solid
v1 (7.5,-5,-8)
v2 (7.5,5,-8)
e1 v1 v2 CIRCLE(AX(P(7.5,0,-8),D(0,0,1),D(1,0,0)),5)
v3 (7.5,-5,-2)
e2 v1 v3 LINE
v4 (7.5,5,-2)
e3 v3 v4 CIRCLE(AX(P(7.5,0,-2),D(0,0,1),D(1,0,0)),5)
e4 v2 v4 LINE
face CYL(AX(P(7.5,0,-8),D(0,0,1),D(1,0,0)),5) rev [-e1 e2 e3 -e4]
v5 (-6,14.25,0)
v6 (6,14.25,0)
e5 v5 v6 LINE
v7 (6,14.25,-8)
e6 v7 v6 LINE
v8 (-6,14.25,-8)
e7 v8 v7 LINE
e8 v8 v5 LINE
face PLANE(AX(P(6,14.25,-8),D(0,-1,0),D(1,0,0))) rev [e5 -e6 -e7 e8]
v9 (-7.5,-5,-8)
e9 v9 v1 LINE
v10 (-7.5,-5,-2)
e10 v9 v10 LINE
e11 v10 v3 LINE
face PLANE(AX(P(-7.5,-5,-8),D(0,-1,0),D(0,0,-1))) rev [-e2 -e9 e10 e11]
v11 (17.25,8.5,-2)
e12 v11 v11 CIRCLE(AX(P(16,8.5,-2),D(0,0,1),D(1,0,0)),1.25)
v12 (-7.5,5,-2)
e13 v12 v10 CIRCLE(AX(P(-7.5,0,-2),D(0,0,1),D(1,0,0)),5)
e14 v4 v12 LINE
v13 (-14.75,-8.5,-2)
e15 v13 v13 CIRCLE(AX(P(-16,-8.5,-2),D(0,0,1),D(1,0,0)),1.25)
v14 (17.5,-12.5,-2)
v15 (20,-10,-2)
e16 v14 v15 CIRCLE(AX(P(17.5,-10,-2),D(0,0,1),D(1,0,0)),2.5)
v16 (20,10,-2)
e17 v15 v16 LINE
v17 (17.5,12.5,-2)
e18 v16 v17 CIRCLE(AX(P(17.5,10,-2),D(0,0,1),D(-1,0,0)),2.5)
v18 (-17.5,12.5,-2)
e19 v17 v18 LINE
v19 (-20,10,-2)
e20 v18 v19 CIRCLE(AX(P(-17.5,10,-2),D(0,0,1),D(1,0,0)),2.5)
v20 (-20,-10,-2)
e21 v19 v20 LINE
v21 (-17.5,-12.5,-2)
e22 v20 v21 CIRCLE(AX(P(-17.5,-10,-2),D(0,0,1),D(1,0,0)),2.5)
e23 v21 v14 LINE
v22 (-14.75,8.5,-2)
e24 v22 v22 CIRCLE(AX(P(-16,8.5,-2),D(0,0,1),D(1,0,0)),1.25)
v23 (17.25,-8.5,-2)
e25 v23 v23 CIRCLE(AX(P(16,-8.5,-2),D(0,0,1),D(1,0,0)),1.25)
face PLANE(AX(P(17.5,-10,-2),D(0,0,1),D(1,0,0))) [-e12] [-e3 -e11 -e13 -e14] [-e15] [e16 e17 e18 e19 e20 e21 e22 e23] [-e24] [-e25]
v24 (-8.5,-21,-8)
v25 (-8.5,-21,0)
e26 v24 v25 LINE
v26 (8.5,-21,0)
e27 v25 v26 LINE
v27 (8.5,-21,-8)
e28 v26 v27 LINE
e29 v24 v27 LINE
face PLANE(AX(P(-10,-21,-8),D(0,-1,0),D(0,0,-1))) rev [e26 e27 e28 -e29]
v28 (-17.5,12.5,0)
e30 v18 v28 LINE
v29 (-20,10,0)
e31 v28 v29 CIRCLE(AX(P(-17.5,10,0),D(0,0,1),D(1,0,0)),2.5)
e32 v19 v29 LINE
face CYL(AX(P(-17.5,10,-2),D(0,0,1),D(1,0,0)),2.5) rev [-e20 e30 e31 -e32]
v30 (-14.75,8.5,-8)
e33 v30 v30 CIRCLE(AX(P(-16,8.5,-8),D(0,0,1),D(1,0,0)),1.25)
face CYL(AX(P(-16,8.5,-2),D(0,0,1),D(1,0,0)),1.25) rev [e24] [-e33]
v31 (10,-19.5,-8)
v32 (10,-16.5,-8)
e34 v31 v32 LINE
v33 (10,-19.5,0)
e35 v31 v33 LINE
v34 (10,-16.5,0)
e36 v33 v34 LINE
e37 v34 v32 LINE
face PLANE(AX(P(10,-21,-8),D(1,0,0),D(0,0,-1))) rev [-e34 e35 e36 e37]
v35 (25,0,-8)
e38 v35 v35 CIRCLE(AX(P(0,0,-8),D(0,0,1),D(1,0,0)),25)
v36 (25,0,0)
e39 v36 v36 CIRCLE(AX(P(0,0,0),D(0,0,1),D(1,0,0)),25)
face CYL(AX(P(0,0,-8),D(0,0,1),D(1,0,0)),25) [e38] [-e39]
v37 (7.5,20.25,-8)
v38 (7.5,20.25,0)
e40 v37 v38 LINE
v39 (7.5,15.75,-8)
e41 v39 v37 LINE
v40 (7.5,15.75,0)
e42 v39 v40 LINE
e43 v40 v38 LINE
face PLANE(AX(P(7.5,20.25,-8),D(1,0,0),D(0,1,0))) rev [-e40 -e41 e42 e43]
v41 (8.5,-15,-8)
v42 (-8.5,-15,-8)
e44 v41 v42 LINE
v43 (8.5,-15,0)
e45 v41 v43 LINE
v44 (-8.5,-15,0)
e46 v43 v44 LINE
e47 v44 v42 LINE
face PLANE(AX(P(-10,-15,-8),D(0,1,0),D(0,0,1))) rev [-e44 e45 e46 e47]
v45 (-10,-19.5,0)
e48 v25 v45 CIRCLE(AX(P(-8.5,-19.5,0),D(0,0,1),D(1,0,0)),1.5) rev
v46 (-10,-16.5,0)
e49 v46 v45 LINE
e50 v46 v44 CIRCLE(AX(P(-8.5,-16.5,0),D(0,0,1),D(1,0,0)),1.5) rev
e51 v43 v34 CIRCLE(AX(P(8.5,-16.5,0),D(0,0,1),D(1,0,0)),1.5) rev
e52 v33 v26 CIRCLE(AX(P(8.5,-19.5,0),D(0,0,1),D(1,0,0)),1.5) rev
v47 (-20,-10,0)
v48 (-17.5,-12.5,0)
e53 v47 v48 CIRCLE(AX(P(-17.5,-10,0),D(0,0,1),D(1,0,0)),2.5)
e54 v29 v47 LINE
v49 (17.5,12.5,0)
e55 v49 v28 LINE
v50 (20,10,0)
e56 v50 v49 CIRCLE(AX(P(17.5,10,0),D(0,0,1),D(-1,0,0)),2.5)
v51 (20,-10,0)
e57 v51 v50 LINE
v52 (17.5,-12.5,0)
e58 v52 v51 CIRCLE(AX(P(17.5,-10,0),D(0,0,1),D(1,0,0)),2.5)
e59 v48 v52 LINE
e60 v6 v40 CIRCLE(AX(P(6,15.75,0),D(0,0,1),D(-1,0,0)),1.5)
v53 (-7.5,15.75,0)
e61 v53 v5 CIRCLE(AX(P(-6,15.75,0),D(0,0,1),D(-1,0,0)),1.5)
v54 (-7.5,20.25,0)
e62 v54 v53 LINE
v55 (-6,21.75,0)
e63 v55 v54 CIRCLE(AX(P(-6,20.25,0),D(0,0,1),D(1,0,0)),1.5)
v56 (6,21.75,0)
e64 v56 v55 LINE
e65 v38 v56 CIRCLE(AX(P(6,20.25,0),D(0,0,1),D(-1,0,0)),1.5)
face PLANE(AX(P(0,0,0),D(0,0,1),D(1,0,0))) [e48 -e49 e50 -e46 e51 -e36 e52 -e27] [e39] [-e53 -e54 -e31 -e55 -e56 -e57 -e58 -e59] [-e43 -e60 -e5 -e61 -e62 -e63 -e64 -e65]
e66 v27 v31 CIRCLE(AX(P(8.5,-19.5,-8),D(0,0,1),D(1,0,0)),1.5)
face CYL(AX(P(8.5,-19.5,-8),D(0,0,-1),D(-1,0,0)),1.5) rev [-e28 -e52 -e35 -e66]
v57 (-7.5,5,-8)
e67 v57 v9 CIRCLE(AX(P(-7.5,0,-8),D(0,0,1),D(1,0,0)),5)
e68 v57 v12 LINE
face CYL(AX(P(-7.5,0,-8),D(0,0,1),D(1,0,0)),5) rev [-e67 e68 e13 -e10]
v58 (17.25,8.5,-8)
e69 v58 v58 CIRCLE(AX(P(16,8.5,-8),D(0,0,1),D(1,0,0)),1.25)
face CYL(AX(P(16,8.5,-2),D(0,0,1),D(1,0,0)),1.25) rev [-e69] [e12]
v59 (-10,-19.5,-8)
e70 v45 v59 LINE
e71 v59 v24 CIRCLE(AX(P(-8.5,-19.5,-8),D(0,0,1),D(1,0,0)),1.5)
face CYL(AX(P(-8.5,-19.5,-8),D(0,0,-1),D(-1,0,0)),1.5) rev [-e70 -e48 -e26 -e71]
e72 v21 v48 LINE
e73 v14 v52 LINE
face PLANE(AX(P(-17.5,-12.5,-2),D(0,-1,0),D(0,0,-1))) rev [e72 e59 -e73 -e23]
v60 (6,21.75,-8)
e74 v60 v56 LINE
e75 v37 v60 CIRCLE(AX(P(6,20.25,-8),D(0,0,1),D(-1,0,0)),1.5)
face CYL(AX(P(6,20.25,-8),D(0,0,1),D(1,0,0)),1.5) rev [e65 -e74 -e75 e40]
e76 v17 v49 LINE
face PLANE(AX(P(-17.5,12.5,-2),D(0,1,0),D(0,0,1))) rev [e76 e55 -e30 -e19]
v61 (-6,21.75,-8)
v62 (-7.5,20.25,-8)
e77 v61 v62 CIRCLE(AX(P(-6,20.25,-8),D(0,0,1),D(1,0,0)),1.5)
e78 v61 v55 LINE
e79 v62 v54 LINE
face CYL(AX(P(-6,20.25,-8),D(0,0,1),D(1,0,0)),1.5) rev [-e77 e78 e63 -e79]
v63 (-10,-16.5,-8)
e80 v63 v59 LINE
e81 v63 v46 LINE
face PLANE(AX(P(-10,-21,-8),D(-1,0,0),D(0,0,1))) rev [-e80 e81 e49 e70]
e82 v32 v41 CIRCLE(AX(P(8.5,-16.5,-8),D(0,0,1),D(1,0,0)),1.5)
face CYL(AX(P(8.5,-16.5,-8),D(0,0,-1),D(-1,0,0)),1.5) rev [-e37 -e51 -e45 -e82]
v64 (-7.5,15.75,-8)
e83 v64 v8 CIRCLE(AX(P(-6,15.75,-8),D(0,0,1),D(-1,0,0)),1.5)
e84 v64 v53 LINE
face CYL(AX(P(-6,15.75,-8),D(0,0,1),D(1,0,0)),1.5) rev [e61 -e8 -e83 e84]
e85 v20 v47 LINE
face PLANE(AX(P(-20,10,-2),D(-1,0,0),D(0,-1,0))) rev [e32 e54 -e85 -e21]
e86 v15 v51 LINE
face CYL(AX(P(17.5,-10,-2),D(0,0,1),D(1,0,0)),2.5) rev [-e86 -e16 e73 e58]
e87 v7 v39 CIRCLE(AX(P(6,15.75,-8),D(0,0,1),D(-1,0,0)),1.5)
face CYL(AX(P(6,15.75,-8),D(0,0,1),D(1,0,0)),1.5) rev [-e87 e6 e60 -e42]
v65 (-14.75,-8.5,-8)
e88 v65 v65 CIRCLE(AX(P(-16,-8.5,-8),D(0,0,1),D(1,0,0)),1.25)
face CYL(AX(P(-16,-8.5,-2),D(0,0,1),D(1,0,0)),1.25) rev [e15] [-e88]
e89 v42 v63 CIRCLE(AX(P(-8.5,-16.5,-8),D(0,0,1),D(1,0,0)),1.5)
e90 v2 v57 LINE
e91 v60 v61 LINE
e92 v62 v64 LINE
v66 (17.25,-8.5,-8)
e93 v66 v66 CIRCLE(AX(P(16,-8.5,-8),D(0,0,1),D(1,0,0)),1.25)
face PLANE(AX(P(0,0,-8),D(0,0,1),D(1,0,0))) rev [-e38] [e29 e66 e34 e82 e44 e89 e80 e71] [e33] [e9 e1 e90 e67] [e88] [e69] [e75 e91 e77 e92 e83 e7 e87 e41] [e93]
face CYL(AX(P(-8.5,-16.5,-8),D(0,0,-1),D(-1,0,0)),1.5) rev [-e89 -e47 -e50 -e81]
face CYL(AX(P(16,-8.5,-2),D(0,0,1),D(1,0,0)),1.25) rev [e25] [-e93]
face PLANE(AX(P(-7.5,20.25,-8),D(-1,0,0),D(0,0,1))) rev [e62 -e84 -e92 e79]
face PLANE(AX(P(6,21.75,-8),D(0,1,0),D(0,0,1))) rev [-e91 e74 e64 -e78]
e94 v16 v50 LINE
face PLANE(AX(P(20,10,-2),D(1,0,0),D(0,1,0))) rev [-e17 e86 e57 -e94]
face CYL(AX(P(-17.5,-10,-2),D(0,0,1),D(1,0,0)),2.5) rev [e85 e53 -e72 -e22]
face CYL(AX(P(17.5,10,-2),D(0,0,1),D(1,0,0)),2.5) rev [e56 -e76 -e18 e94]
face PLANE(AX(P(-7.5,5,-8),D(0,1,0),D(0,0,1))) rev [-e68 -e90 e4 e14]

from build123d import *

# Parameters (mm, degrees)
SKETCH1_R             = 25
BOSS_EXTRUDE1_DEPTH   = 8
CUT_EXTRUDE1_DEPTH    = 2
CUT_EXTRUDE2_DEPTH    = 36.860842154
M3X0_5_TAPPED_HOLE1_D = 2.5
CUT_EXTRUDE3_DEPTH    = 37.249137921
SKETCH7_W             = 20
SKETCH7_H             = 6
CUT_EXTRUDE4_DEPTH    = 37.249137921
FILLET1_R             = 1.5


with BuildPart() as part:
    # Sketch1 → Boss-Extrude1 (new body)
    with BuildSketch(Plane.XY):
        Circle(SKETCH1_R)
    extrude(amount=-BOSS_EXTRUDE1_DEPTH)

    # Sketch2 → Cut-Extrude1 (cut)
    with BuildSketch(Plane.XY):
        with BuildLine():
            Line((-17.5, 12.5), (17.5, 12.5))
            ThreePointArc((17.5, 12.5), (19.267766953, 11.767766953), (20, 10))
            Line((20, 10), (20, -10))
            ThreePointArc((20, -10), (19.267766953, -11.767766953), (17.5, -12.5))
            Line((17.5, -12.5), (-17.5, -12.5))
            ThreePointArc((-17.5, -12.5), (-19.267766953, -11.767766953), (-20, -10))
            Line((-20, -10), (-20, 10))
            ThreePointArc((-20, 10), (-19.267766953, 11.767766953), (-17.5, 12.5))
        make_face()
    extrude(amount=-CUT_EXTRUDE1_DEPTH, mode=Mode.SUBTRACT)

    # Sketch3 → Cut-Extrude2 (cut, through all)
    with BuildSketch(Plane.XY.offset(-2)):
        with BuildLine():
            Line((-7.5, 5), (7.5, 5))
            ThreePointArc((7.5, 5), (12.5, 0), (7.5, -5))
            Line((7.5, -5), (-7.5, -5))
            ThreePointArc((-7.5, -5), (-12.5, 0), (-7.5, 5))
        make_face()
    extrude(amount=-CUT_EXTRUDE2_DEPTH, mode=Mode.SUBTRACT)

    # M3x0.5 Tapped Hole1 (through all)
    with Locations(Plane.XY.offset(-2)):
        with Locations((16, 8.5), (-16, 8.5), (-16, -8.5), (16, -8.5)):
            Hole(M3X0_5_TAPPED_HOLE1_D / 2)

    # Sketch6 → Cut-Extrude3 (cut, through all)
    with BuildSketch(Plane.XY):
        with BuildLine():
            Line((6, 21.75), (-6, 21.75))
            ThreePointArc((-6, 21.75), (-7.060660172, 21.310660172), (-7.5, 20.25))
            Line((-7.5, 20.25), (-7.5, 15.75))
            ThreePointArc((-7.5, 15.75), (-7.060660172, 14.689339828), (-6, 14.25))
            Line((-6, 14.25), (6, 14.25))
            ThreePointArc((6, 14.25), (7.060660172, 14.689339828), (7.5, 15.75))
            Line((7.5, 15.75), (7.5, 20.25))
            ThreePointArc((7.5, 20.25), (7.060660172, 21.310660172), (6, 21.75))
        make_face()
    extrude(amount=-CUT_EXTRUDE3_DEPTH, mode=Mode.SUBTRACT)

    # Sketch7 → Cut-Extrude4 (cut, through all)
    with BuildSketch(Plane.XY):
        with Locations((0, -18)):
            Rectangle(SKETCH7_W, SKETCH7_H)
    extrude(amount=-CUT_EXTRUDE4_DEPTH, mode=Mode.SUBTRACT)

    # Fillet1
    fillet1_edges = [part.edges().sort_by_distance(p)[0] for p in [
        (10, -15, -4),
        (10, -21, -4),
        (-10, -21, -4),
        (-10, -15, -4),
    ]]
    fillet(fillet1_edges, radius=FILLET1_R)


solid = part.part
